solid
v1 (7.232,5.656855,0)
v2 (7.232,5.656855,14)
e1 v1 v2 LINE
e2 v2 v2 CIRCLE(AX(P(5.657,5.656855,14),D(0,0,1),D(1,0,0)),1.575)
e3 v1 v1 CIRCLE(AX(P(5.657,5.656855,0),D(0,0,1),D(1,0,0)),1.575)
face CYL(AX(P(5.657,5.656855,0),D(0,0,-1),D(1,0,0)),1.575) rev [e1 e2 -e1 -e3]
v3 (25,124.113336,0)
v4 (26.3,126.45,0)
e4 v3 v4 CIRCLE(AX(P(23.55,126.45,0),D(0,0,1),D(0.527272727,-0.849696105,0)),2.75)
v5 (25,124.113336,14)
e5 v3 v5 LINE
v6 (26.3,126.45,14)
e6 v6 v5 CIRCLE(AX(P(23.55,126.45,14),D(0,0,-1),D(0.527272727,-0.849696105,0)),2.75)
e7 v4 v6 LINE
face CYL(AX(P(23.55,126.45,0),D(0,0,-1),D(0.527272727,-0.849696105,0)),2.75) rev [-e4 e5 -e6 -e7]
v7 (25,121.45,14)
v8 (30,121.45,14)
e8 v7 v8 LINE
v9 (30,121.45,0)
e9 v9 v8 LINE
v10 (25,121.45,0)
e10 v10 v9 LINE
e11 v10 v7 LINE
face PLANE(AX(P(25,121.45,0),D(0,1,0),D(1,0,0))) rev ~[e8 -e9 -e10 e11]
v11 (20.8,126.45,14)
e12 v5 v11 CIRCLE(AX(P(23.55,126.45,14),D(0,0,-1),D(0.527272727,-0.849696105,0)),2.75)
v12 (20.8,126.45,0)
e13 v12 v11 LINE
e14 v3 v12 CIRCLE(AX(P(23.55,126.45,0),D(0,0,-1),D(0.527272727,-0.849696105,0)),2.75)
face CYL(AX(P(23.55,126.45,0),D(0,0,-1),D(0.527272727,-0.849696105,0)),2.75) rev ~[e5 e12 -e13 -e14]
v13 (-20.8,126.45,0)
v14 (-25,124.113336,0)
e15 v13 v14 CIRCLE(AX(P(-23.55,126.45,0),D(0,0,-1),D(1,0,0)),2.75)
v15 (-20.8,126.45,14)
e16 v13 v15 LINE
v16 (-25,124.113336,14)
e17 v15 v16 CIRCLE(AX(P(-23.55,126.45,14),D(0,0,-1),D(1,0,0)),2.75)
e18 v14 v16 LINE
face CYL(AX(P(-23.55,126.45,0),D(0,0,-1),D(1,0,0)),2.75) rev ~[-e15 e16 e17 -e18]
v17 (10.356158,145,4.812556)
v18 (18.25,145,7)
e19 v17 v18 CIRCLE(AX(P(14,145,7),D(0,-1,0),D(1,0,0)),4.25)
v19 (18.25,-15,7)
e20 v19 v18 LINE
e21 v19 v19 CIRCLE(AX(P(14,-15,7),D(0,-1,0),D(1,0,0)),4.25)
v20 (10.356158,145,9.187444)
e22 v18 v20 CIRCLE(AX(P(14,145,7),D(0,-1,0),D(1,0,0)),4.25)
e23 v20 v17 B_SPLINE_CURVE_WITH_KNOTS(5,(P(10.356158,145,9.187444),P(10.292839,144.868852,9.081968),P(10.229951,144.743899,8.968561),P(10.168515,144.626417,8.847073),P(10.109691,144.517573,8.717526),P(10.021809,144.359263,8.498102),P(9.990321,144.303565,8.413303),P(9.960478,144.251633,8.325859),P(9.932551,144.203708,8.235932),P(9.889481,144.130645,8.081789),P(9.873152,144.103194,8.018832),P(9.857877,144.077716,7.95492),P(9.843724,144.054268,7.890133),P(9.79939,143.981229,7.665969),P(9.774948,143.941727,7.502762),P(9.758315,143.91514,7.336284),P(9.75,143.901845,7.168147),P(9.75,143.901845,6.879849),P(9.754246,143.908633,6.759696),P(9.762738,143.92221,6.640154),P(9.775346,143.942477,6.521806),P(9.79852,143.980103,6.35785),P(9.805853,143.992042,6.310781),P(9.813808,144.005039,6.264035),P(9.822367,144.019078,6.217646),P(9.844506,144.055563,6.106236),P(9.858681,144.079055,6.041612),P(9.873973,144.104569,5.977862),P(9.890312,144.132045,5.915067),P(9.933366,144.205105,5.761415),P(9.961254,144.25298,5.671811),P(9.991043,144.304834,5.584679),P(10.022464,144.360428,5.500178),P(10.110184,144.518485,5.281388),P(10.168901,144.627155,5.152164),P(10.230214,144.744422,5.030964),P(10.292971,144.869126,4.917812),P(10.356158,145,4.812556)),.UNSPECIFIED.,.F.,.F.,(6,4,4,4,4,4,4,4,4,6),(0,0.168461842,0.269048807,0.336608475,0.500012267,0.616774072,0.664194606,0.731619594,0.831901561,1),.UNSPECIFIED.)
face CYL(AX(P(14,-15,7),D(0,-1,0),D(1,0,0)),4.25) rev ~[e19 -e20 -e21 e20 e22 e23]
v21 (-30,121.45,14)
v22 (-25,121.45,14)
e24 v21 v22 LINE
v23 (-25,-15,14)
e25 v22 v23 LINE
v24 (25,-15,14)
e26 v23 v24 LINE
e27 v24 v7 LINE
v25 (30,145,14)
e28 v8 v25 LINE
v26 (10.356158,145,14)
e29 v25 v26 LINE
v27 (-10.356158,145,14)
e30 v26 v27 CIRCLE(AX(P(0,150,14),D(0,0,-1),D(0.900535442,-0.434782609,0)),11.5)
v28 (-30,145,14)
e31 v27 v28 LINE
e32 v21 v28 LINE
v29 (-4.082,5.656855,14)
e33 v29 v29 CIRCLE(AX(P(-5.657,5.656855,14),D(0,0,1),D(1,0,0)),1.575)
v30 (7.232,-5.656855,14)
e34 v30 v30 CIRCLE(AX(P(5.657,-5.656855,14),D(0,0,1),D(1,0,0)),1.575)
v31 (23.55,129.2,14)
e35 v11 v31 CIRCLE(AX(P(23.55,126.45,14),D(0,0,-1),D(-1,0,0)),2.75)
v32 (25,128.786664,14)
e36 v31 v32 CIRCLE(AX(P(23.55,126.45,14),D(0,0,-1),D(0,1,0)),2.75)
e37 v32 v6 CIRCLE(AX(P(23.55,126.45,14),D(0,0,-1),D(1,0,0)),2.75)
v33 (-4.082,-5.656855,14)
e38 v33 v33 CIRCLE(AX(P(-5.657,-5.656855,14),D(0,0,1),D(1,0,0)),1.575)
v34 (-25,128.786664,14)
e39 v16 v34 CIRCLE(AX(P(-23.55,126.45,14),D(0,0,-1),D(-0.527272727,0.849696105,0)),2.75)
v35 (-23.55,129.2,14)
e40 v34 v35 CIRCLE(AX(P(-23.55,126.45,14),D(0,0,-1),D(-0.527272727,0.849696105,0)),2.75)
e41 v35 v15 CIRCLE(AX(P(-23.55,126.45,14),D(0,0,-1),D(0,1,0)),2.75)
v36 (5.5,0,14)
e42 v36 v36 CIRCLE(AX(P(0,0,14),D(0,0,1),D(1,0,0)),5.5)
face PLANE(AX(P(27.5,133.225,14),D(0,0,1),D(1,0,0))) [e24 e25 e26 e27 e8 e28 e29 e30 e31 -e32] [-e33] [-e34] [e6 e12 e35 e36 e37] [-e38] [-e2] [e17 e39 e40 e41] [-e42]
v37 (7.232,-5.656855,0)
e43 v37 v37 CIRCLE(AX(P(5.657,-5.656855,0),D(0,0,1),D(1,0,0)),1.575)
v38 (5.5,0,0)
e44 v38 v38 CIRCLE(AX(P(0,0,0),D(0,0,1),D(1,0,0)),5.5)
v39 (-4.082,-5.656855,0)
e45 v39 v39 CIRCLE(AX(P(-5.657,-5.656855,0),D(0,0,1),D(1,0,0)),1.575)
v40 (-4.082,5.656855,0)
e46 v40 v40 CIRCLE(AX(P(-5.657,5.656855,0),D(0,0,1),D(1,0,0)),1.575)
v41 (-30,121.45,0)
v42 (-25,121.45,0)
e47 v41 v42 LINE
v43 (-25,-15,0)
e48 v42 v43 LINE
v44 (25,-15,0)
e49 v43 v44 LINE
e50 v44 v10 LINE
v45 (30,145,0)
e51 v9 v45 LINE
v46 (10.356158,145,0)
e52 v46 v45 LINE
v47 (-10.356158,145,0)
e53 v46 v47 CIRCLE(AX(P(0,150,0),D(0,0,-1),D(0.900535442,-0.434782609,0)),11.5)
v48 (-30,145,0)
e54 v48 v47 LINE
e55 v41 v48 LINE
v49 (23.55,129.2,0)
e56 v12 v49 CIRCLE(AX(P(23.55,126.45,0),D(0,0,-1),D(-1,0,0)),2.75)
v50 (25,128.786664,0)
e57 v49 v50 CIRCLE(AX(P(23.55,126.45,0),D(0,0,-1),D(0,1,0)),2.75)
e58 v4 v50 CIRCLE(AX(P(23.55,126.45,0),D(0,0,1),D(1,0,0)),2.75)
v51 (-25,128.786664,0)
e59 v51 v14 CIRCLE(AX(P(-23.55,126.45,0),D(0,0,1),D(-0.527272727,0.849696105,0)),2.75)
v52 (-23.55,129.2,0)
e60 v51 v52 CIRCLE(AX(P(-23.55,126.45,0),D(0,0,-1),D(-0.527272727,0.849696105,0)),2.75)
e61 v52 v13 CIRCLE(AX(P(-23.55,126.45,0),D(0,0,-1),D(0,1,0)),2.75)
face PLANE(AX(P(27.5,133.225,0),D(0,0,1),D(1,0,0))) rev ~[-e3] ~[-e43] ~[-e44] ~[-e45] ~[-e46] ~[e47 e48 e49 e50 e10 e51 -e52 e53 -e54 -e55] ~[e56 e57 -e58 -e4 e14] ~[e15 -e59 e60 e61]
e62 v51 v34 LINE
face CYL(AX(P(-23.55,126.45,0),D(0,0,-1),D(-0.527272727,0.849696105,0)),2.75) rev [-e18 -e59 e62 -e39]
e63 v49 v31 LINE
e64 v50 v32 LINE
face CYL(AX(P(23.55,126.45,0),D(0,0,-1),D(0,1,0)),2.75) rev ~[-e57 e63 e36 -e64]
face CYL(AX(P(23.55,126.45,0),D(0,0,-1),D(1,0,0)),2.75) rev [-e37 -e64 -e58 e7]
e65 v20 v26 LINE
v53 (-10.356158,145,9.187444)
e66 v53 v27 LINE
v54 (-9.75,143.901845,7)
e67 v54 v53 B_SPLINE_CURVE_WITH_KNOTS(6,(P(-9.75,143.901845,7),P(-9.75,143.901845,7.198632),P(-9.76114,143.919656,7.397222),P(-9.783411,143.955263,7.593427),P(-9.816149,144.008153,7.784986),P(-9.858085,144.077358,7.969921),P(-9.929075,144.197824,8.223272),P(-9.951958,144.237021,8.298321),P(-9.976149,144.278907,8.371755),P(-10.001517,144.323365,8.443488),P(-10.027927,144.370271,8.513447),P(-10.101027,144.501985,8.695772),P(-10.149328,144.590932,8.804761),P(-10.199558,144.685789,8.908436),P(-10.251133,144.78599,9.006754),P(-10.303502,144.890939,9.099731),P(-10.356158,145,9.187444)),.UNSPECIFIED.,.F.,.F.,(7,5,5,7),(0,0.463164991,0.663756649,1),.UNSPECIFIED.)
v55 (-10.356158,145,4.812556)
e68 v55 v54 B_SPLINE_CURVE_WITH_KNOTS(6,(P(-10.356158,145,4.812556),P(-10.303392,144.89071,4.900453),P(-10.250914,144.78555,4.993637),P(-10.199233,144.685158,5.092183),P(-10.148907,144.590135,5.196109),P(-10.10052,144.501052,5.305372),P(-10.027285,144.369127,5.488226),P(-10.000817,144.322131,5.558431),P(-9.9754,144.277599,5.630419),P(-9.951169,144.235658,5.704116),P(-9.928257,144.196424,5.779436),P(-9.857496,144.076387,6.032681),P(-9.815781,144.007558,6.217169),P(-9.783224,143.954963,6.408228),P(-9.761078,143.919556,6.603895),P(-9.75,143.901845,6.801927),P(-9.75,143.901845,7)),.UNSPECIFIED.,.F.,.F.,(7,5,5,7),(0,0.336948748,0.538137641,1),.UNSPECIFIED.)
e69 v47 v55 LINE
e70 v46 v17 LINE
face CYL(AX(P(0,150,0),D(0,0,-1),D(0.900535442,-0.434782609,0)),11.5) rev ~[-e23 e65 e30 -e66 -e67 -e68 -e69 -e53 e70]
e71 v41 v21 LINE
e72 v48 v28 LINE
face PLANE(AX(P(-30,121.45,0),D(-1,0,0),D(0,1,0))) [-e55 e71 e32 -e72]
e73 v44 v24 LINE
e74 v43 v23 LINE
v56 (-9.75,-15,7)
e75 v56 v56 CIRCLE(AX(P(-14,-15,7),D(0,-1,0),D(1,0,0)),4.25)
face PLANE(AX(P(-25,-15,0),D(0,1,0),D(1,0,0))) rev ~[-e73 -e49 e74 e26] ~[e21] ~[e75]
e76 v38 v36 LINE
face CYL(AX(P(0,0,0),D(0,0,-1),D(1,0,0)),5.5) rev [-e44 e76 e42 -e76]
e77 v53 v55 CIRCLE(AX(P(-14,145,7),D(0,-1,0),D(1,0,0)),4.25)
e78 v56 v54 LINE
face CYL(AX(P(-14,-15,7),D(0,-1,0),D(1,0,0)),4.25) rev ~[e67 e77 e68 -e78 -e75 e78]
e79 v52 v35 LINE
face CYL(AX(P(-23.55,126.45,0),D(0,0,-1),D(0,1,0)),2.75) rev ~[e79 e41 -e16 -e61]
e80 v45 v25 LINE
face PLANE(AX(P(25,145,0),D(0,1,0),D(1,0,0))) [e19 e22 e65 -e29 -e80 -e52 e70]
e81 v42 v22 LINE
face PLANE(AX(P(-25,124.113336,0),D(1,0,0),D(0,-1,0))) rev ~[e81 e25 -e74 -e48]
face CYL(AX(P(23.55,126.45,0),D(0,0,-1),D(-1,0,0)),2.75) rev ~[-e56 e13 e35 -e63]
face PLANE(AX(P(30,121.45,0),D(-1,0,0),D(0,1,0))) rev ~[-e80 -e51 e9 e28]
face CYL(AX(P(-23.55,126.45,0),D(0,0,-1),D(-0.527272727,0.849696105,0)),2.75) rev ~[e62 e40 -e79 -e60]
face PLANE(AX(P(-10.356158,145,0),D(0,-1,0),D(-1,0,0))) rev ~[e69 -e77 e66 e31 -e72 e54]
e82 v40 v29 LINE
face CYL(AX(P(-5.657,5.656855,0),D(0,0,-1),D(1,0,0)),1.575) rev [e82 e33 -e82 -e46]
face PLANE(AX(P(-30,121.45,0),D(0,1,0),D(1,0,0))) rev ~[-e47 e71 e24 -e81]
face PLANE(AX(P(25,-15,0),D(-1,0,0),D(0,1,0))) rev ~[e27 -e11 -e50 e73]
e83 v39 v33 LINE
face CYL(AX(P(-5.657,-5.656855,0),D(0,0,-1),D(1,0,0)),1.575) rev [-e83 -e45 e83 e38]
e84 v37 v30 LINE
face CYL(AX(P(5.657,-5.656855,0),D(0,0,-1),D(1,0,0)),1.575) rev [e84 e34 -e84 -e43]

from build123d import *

# Parameters (mm, degrees)
F0_R     = 1.575
F0_R_2   = 5.5
F1_DEPTH = 14
F3_R     = 4.25
F4_DEPTH = 200
F5_W     = 5
F5_H     = 23.55
F6_DEPTH = 14
F7_DEPTH = 25


with BuildPart() as f1:
    # F0 (on Top) → F1 (new body)
    with BuildSketch(Plane.XY):
        with BuildLine():
            Line((-25, -15), (0, -15))
            Line((0, -15), (25, -15))
            Line((25, -15), (25, 0))
            Line((25, 0), (25, 124.1133357109))
            ThreePointArc((25, 124.1133357109), (22.2130258043, 124.0468770319), (20.8, 126.45))
            Line((20.8, 126.45), (-20.8, 126.45))
            ThreePointArc((-20.8, 126.45), (-22.2130258043, 124.0468770319), (-25, 124.1133357109))
            Line((-25, 124.1133357109), (-25, 0))
            Line((-25, 0), (-25, -15))
        make_face()
        with Locations((-5.657, -5.656855)):
            Circle(F0_R, mode=Mode.SUBTRACT)
        with Locations((-5.657, 5.656855)):
            Circle(F0_R, mode=Mode.SUBTRACT)
        with Locations((5.657, -5.656855)):
            Circle(F0_R, mode=Mode.SUBTRACT)
        Circle(F0_R_2, mode=Mode.SUBTRACT)
        with Locations((5.657, 5.656855)):
            Circle(F0_R, mode=Mode.SUBTRACT)
        with BuildLine():
            Line((-20.8, 126.45), (20.8, 126.45))
            ThreePointArc((20.8, 126.45), (21.6054563517, 128.3945436483), (23.55, 129.2))
            Line((23.55, 129.2), (23.55, 145))
            Line((23.55, 145), (10.3561575886, 145))
            ThreePointArc((10.3561575886, 145), (0, 138.5), (-10.3561575886, 145))
            Line((-10.3561575886, 145), (-23.55, 145))
            Line((-23.55, 145), (-23.55, 129.2))
            ThreePointArc((-23.55, 129.2), (-21.6054563517, 128.3945436483), (-20.8, 126.45))
        make_face()
        with BuildLine():
            Line((-25, 145), (-25, 128.7866642891))
            ThreePointArc((-25, 128.7866642891), (-24.3038810267, 129.0946480669), (-23.55, 129.2))
            Line((-23.55, 129.2), (-23.55, 145))
            Line((-23.55, 145), (-25, 145))
        make_face()
        with BuildLine():
            ThreePointArc((23.55, 129.2), (24.3038810267, 129.0946480669), (25, 128.7866642891))
            Line((25, 128.7866642891), (25, 145))
            Line((25, 145), (23.55, 145))
            Line((23.55, 145), (23.55, 129.2))
        make_face()
    extrude(amount=F1_DEPTH)

    # F3 (on offset) → F4 (cut)
    with BuildSketch(Plane.XZ.offset(15)):
        with Locations((-14, 7)):
            Circle(F3_R)
        with Locations((14, 7)):
            Circle(F3_R)
    extrude(amount=-F4_DEPTH, mode=Mode.SUBTRACT)

    # F5 (on Top) → F6 (join)
    with BuildSketch(Plane.XY):
        with Locations((27.5, 133.225)):
            Rectangle(F5_W, F5_H)
        with Locations((-27.5, 133.225)):
            Rectangle(F5_W, F5_H)
    extrude(amount=F6_DEPTH)

    # F0 (on Top) → F7 (cut)
    with BuildSketch(Plane.XY):
        with BuildLine():
            ThreePointArc((20.8, 126.45), (22.2130258043, 124.0468770319), (25, 124.1133357109))
            Line((25, 124.1133357109), (25, 128.7866642891))
            ThreePointArc((25, 128.7866642891), (24.3038810267, 129.0946480669), (23.55, 129.2))
            Line((23.55, 129.2), (23.55, 126.45))
            Line((23.55, 126.45), (20.8, 126.45))
        make_face()
        with BuildLine():
            Line((25, 128.7866642891), (25, 124.1133357109))
            ThreePointArc((25, 124.1133357109), (25.9531229681, 125.1130258043), (26.3, 126.45))
            ThreePointArc((26.3, 126.45), (25.9531229681, 127.7869741957), (25, 128.7866642891))
        make_face()
        with BuildLine():
            ThreePointArc((23.55, 129.2), (21.6054563517, 128.3945436483), (20.8, 126.45))
            Line((20.8, 126.45), (23.55, 126.45))
            Line((23.55, 126.45), (23.55, 129.2))
        make_face()
        with BuildLine():
            ThreePointArc((-25, 128.7866642891), (-26.3, 126.45), (-25, 124.1133357109))
            Line((-25, 124.1133357109), (-25, 128.7866642891))
        make_face()
        with BuildLine():
            Line((-25, 128.7866642891), (-25, 124.1133357109))
            ThreePointArc((-25, 124.1133357109), (-22.2130258043, 124.0468770319), (-20.8, 126.45))
            Line((-20.8, 126.45), (-23.55, 126.45))
            Line((-23.55, 126.45), (-23.55, 129.2))
            ThreePointArc((-23.55, 129.2), (-24.3038810267, 129.0946480669), (-25, 128.7866642891))
        make_face()
        with BuildLine():
            Line((-23.55, 126.45), (-20.8, 126.45))
            ThreePointArc((-20.8, 126.45), (-21.6054563517, 128.3945436483), (-23.55, 129.2))
            Line((-23.55, 129.2), (-23.55, 126.45))
        make_face()
    extrude(amount=F7_DEPTH, mode=Mode.SUBTRACT)


solid = f1.part
